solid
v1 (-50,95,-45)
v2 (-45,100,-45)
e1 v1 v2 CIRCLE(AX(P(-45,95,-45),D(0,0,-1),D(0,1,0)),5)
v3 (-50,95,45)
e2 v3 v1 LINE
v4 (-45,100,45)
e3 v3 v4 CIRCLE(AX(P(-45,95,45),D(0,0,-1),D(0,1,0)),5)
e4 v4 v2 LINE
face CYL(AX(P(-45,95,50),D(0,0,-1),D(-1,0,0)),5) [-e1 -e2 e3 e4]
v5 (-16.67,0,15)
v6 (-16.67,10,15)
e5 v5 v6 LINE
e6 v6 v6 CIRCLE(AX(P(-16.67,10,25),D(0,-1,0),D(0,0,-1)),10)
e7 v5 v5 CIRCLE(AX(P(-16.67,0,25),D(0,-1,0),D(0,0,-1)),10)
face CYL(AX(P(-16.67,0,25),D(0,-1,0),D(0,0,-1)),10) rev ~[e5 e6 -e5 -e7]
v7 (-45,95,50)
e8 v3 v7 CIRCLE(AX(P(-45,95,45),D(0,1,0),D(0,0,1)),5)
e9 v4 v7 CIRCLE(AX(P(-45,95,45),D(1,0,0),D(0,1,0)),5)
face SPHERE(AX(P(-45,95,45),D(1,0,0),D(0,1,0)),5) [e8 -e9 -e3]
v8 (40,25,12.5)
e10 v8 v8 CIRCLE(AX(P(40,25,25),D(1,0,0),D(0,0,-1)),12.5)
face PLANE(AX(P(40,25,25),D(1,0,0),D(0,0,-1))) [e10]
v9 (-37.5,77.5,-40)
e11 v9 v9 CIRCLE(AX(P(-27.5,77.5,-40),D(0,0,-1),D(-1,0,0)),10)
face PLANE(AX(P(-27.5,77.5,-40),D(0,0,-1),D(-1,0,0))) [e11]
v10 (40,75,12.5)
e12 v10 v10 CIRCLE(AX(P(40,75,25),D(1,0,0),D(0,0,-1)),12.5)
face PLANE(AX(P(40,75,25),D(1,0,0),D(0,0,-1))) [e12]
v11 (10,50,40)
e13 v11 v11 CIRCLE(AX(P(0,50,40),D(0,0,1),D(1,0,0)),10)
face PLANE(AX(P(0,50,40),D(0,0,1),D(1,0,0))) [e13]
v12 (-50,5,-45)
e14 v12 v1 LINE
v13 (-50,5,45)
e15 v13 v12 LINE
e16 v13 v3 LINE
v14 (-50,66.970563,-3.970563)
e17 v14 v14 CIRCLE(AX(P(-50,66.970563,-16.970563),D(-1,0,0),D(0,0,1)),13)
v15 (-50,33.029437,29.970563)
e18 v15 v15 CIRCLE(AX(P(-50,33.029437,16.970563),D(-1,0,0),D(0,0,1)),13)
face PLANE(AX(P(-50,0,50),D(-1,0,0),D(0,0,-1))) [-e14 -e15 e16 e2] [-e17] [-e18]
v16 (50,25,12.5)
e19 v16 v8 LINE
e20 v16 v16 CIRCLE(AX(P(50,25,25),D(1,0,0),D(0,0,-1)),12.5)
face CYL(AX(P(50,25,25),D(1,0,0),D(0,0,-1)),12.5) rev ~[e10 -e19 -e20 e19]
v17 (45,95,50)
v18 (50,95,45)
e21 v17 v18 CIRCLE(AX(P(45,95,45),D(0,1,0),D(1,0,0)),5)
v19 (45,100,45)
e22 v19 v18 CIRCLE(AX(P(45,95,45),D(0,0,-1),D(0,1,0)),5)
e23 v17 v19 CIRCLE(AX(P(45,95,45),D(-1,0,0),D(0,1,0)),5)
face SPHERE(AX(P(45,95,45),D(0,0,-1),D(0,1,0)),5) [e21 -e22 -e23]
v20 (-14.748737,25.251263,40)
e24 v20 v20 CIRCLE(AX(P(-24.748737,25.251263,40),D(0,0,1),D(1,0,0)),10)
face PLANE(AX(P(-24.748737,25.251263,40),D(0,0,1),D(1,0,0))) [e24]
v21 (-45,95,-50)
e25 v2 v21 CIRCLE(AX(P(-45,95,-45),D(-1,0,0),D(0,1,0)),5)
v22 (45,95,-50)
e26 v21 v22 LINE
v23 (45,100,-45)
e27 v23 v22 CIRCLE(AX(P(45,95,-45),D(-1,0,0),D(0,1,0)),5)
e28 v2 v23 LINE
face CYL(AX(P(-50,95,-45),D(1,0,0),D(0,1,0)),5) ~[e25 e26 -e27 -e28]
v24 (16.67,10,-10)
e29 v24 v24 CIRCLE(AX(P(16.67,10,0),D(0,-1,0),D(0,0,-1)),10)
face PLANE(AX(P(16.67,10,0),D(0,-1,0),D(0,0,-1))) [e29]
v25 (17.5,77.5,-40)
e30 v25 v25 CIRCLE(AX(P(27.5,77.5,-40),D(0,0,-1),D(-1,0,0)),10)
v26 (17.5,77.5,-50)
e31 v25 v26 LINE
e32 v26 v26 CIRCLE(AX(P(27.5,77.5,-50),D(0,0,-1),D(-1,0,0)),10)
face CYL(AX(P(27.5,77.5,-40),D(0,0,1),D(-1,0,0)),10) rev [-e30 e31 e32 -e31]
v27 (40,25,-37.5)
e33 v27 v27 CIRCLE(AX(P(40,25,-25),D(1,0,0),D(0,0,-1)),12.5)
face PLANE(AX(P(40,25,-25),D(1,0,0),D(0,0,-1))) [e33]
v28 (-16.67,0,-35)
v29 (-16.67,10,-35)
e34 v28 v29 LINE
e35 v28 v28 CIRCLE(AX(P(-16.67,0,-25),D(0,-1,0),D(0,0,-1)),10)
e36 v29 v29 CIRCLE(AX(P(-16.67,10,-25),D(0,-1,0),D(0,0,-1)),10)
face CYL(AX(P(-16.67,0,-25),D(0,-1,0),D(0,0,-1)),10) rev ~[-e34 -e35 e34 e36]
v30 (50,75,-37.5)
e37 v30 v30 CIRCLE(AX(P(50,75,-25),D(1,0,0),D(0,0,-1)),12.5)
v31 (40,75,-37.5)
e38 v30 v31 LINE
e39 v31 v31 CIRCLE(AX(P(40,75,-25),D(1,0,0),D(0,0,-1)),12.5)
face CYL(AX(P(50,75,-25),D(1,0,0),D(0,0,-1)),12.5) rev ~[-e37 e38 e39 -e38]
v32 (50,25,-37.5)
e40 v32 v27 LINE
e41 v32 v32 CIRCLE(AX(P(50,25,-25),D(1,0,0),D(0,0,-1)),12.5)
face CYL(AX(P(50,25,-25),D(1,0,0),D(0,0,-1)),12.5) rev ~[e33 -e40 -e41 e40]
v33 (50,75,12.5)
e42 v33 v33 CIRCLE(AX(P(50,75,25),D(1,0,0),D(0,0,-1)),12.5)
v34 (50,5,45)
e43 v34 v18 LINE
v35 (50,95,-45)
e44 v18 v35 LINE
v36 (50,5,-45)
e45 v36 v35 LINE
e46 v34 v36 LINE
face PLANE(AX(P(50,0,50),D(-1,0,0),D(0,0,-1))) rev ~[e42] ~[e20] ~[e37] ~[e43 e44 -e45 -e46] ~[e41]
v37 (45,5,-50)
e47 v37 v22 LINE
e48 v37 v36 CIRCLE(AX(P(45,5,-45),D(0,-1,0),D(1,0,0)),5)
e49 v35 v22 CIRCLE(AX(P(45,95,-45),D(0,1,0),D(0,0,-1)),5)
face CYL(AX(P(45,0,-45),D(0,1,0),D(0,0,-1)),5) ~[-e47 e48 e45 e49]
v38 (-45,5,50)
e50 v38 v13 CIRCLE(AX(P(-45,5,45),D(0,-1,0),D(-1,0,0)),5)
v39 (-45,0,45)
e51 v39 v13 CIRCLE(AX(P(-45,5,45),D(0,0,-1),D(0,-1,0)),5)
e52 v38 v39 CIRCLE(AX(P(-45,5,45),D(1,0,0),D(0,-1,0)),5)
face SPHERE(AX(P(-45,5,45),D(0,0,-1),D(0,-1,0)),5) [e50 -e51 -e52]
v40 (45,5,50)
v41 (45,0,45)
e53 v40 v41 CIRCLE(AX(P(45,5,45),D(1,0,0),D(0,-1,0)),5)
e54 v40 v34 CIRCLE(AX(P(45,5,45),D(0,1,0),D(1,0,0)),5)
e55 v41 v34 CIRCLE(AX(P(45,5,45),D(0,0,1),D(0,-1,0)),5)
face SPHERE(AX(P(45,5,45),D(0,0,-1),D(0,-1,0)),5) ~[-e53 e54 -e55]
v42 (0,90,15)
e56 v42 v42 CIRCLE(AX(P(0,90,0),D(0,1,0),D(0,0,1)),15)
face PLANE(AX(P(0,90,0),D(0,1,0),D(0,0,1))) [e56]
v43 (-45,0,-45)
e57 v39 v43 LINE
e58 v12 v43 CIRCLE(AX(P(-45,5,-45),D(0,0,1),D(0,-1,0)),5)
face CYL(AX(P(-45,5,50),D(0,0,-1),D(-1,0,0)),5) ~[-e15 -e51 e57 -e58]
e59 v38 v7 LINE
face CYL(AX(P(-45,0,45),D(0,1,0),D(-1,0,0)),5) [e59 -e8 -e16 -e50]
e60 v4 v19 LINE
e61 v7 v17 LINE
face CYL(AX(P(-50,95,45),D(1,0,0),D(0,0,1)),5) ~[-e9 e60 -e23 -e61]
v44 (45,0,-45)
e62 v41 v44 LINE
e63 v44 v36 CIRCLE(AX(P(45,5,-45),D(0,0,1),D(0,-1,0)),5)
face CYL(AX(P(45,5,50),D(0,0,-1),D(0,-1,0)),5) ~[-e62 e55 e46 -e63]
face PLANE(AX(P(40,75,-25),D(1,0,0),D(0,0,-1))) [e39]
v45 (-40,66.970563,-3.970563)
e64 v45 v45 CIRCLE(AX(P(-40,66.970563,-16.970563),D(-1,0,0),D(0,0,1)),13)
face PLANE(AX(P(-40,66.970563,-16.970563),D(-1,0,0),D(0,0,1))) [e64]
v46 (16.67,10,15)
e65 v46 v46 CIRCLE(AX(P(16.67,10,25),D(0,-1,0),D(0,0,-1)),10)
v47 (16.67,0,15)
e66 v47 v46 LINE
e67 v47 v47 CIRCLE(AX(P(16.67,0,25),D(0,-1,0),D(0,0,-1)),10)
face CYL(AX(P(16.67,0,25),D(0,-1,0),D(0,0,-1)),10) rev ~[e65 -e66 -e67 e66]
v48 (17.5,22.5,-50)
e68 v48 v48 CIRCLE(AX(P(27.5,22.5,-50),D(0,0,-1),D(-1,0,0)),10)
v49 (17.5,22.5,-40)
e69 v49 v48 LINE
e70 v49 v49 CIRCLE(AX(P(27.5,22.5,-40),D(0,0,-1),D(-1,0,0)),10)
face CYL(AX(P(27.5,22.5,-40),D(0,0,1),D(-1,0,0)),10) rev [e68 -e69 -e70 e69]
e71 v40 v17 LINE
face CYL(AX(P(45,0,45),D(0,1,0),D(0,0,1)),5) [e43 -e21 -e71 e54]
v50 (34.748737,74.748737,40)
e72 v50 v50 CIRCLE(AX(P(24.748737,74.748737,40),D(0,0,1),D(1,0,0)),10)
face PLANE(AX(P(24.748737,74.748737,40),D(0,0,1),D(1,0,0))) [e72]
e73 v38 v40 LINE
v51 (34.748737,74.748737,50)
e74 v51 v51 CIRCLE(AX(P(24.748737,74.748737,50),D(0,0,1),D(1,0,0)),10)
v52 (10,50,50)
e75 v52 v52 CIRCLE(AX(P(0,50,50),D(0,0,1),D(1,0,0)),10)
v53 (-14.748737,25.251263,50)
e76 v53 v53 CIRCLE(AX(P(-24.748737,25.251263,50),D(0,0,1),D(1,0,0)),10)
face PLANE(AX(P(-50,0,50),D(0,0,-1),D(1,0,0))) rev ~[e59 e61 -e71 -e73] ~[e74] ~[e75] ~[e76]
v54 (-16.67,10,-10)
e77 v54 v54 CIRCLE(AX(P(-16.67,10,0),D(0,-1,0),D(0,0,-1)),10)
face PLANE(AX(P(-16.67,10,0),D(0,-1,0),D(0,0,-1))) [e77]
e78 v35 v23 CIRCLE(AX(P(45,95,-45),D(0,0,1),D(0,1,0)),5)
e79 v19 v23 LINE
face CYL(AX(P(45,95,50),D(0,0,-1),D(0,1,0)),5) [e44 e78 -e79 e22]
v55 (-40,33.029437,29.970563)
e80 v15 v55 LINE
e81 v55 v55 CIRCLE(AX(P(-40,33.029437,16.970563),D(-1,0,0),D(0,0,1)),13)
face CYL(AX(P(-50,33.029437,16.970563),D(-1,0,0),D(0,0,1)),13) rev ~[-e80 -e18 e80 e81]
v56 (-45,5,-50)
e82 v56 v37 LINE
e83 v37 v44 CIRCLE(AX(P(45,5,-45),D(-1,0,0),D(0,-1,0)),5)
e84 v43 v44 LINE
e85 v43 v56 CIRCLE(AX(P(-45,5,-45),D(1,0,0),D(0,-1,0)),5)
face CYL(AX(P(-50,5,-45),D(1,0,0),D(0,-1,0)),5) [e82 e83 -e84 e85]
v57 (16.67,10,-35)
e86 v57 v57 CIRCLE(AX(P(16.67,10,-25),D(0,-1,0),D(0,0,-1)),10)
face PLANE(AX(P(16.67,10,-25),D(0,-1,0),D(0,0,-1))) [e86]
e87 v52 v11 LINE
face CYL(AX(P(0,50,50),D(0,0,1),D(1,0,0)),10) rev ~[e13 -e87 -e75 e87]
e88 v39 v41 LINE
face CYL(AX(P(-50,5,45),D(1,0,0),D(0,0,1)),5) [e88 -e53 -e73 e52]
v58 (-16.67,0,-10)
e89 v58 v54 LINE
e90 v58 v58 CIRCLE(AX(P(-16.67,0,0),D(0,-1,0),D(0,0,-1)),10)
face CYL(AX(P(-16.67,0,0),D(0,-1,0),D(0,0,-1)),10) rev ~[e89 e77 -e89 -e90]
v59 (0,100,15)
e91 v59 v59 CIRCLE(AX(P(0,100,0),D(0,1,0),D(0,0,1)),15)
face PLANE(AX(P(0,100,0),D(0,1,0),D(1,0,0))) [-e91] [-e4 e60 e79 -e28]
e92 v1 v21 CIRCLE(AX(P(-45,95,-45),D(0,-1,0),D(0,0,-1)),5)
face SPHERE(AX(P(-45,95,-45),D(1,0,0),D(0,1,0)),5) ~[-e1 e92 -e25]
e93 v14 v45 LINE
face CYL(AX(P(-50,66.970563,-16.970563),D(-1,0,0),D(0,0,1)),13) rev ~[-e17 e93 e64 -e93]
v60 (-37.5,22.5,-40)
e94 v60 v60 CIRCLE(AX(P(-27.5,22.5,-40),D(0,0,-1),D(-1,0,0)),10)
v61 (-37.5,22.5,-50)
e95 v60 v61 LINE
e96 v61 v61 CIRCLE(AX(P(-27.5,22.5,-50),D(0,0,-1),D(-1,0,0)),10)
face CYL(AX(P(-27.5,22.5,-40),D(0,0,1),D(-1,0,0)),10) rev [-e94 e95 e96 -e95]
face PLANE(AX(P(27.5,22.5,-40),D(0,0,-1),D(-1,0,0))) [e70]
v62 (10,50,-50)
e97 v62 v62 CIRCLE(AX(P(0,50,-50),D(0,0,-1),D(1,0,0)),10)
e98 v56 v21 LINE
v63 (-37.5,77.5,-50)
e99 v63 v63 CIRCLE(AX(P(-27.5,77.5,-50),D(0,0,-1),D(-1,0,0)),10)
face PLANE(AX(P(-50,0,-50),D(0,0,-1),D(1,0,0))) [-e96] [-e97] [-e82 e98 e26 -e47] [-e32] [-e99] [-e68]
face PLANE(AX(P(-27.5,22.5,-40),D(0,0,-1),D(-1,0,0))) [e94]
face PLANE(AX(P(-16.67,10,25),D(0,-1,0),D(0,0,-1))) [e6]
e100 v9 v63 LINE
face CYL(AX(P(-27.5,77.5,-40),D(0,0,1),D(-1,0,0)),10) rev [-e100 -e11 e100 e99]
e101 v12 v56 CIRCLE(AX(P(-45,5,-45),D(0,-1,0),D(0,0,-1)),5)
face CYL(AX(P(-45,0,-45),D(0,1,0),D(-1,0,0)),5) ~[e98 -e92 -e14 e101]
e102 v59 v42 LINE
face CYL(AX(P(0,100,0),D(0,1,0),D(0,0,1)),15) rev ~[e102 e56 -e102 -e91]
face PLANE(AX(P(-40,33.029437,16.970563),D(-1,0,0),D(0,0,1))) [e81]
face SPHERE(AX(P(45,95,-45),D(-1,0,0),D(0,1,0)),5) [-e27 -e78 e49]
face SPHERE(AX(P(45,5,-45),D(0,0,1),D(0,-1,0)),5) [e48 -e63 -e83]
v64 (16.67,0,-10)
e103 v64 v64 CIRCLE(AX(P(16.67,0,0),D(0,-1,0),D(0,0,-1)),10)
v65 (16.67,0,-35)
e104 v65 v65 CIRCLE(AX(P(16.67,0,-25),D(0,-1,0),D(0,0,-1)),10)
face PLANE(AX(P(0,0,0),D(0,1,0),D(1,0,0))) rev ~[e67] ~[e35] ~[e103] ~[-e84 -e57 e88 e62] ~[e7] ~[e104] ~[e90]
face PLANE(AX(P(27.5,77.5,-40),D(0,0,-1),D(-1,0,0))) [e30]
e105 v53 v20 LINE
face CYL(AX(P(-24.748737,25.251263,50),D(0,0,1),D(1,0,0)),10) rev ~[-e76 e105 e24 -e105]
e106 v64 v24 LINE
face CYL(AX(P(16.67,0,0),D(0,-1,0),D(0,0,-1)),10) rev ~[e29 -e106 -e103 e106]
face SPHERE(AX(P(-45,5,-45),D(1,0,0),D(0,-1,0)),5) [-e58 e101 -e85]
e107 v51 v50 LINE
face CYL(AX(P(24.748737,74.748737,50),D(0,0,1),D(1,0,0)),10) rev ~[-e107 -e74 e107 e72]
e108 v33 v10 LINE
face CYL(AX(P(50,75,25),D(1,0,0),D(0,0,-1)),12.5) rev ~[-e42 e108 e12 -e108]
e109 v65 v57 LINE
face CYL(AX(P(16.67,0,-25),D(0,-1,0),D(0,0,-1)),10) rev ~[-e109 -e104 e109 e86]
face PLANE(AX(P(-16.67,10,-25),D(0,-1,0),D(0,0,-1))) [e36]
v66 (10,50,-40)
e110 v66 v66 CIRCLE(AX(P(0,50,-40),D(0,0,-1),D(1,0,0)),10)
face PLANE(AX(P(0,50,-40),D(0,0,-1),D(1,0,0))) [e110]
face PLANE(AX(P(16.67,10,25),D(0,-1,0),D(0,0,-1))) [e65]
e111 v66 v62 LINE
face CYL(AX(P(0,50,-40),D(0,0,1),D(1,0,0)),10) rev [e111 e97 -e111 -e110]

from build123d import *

# Parameters (mm, degrees)
SKETCH1_W           = 100
SKETCH1_H           = 100
BOSS_EXTRUDE1_DEPTH = 100
SKETCH3_R           = 15
CUT_EXTRUDE1_DEPTH  = 10
SKETCH5_R           = 10
CUT_EXTRUDE2_DEPTH  = 10
SKETCH8_R           = 13
CUT_EXTRUDE3_DEPTH  = 10
SKETCH12_R          = 12.5
CUT_EXTRUDE4_DEPTH  = 10
CUT_EXTRUDE5_START  = -10
SKETCH13_R          = 10
CUT_EXTRUDE5_DEPTH  = 10
SKETCH14_R          = 10
CUT_EXTRUDE6_DEPTH  = 10
FILLET6_R           = 5


with BuildPart() as part:
    # Sketch1 → Boss-Extrude1 (new body)
    with BuildSketch(Plane(origin=(0, 0, 0), x_dir=(1, 0, 0), z_dir=(0, 1, 0))):
        Rectangle(SKETCH1_W, SKETCH1_H)
    extrude(amount=BOSS_EXTRUDE1_DEPTH)

    # Sketch3 → Cut-Extrude1 (cut)
    with BuildSketch(Plane(origin=(0, 100, 0), x_dir=(1, 0, 0), z_dir=(0, 1, 0))):
        with Locations(Location((0, 0, 0), (0, 0, 270))):
            Circle(SKETCH3_R)
    extrude(amount=-CUT_EXTRUDE1_DEPTH, mode=Mode.SUBTRACT)

    # Sketch5 → Cut-Extrude2 (cut)
    with BuildSketch(Plane.XY.offset(50)):
        with Locations((0, 50)):
            Circle(SKETCH5_R)
        with Locations((24.748737342, 74.748737342)):
            Circle(SKETCH5_R)
        with Locations((-24.748737342, 25.251262658)):
            Circle(SKETCH5_R)
    extrude(amount=-CUT_EXTRUDE2_DEPTH, mode=Mode.SUBTRACT)

    # Sketch8 → Cut-Extrude3 (cut)
    with BuildSketch(Plane.ZY.offset(50)):
        with Locations((-16.970562748, 66.970562748)):
            Circle(SKETCH8_R)
        with Locations((16.970562748, 33.029437252)):
            Circle(SKETCH8_R)
    extrude(amount=-CUT_EXTRUDE3_DEPTH, mode=Mode.SUBTRACT)

    # Sketch12 → Cut-Extrude4 (cut)
    with BuildSketch(Plane(origin=(50, 0, 0), x_dir=(0, 0, -1), z_dir=(1, 0, 0))):
        with Locations((-25, 75)):
            Circle(SKETCH12_R)
        with Locations((25, 75)):
            Circle(SKETCH12_R)
        with Locations((25, 25)):
            Circle(SKETCH12_R)
        with Locations((-25, 25)):
            Circle(SKETCH12_R)
    extrude(amount=-CUT_EXTRUDE4_DEPTH, mode=Mode.SUBTRACT)

    # Sketch13 → Cut-Extrude5 (cut)
    with BuildSketch(Plane(origin=(0, 0, -50), x_dir=(-1, 0, 0), z_dir=(0, 0, -1)).offset(CUT_EXTRUDE5_START)):
        with Locations(Location((0, 50, 0), (0, 0, 180))):
            Circle(SKETCH13_R)
        with Locations((-27.5, 77.5)):
            Circle(SKETCH13_R)
        with Locations((27.5, 77.5)):
            Circle(SKETCH13_R)
        with Locations((27.5, 22.5)):
            Circle(SKETCH13_R)
        with Locations((-27.5, 22.5)):
            Circle(SKETCH13_R)
    extrude(amount=CUT_EXTRUDE5_DEPTH, mode=Mode.SUBTRACT)

    # Sketch14 → Cut-Extrude6 (cut)
    with BuildSketch(Plane(origin=(0, 0, 0), x_dir=(-1, 0, 0), z_dir=(0, -1, 0))):
        with Locations(Location((-16.67, 0, 0), (0, 0, 90))):
            Circle(SKETCH14_R)
        with Locations(Location((16.67, 0, 0), (0, 0, 90))):
            Circle(SKETCH14_R)
        with Locations(Location((16.67, 25, 0), (0, 0, 90))):
            Circle(SKETCH14_R)
        with Locations(Location((-16.67, 25, 0), (0, 0, 90))):
            Circle(SKETCH14_R)
        with Locations(Location((-16.67, -25, 0), (0, 0, 90))):
            Circle(SKETCH14_R)
        with Locations(Location((16.67, -25, 0), (0, 0, 90))):
            Circle(SKETCH14_R)
    extrude(amount=-CUT_EXTRUDE6_DEPTH, mode=Mode.SUBTRACT)

    # Fillet6
    fillet6_edges = [part.edges().sort_by_distance(p)[0] for p in [
        (0, 100, -50),
        (50, 100, 0),
        (0, 100, 50),
        (50, 0, 0),
        (0, 0, -50),
        (-50, 0, 0),
        (0, 0, 50),
        (-50, 100, 0),
        (50, 50, 50),
        (50, 50, -50),
        (-50, 50, -50),
        (-50, 50, 50),
    ]]
    fillet(fillet6_edges, radius=FILLET6_R)


solid = part.part
